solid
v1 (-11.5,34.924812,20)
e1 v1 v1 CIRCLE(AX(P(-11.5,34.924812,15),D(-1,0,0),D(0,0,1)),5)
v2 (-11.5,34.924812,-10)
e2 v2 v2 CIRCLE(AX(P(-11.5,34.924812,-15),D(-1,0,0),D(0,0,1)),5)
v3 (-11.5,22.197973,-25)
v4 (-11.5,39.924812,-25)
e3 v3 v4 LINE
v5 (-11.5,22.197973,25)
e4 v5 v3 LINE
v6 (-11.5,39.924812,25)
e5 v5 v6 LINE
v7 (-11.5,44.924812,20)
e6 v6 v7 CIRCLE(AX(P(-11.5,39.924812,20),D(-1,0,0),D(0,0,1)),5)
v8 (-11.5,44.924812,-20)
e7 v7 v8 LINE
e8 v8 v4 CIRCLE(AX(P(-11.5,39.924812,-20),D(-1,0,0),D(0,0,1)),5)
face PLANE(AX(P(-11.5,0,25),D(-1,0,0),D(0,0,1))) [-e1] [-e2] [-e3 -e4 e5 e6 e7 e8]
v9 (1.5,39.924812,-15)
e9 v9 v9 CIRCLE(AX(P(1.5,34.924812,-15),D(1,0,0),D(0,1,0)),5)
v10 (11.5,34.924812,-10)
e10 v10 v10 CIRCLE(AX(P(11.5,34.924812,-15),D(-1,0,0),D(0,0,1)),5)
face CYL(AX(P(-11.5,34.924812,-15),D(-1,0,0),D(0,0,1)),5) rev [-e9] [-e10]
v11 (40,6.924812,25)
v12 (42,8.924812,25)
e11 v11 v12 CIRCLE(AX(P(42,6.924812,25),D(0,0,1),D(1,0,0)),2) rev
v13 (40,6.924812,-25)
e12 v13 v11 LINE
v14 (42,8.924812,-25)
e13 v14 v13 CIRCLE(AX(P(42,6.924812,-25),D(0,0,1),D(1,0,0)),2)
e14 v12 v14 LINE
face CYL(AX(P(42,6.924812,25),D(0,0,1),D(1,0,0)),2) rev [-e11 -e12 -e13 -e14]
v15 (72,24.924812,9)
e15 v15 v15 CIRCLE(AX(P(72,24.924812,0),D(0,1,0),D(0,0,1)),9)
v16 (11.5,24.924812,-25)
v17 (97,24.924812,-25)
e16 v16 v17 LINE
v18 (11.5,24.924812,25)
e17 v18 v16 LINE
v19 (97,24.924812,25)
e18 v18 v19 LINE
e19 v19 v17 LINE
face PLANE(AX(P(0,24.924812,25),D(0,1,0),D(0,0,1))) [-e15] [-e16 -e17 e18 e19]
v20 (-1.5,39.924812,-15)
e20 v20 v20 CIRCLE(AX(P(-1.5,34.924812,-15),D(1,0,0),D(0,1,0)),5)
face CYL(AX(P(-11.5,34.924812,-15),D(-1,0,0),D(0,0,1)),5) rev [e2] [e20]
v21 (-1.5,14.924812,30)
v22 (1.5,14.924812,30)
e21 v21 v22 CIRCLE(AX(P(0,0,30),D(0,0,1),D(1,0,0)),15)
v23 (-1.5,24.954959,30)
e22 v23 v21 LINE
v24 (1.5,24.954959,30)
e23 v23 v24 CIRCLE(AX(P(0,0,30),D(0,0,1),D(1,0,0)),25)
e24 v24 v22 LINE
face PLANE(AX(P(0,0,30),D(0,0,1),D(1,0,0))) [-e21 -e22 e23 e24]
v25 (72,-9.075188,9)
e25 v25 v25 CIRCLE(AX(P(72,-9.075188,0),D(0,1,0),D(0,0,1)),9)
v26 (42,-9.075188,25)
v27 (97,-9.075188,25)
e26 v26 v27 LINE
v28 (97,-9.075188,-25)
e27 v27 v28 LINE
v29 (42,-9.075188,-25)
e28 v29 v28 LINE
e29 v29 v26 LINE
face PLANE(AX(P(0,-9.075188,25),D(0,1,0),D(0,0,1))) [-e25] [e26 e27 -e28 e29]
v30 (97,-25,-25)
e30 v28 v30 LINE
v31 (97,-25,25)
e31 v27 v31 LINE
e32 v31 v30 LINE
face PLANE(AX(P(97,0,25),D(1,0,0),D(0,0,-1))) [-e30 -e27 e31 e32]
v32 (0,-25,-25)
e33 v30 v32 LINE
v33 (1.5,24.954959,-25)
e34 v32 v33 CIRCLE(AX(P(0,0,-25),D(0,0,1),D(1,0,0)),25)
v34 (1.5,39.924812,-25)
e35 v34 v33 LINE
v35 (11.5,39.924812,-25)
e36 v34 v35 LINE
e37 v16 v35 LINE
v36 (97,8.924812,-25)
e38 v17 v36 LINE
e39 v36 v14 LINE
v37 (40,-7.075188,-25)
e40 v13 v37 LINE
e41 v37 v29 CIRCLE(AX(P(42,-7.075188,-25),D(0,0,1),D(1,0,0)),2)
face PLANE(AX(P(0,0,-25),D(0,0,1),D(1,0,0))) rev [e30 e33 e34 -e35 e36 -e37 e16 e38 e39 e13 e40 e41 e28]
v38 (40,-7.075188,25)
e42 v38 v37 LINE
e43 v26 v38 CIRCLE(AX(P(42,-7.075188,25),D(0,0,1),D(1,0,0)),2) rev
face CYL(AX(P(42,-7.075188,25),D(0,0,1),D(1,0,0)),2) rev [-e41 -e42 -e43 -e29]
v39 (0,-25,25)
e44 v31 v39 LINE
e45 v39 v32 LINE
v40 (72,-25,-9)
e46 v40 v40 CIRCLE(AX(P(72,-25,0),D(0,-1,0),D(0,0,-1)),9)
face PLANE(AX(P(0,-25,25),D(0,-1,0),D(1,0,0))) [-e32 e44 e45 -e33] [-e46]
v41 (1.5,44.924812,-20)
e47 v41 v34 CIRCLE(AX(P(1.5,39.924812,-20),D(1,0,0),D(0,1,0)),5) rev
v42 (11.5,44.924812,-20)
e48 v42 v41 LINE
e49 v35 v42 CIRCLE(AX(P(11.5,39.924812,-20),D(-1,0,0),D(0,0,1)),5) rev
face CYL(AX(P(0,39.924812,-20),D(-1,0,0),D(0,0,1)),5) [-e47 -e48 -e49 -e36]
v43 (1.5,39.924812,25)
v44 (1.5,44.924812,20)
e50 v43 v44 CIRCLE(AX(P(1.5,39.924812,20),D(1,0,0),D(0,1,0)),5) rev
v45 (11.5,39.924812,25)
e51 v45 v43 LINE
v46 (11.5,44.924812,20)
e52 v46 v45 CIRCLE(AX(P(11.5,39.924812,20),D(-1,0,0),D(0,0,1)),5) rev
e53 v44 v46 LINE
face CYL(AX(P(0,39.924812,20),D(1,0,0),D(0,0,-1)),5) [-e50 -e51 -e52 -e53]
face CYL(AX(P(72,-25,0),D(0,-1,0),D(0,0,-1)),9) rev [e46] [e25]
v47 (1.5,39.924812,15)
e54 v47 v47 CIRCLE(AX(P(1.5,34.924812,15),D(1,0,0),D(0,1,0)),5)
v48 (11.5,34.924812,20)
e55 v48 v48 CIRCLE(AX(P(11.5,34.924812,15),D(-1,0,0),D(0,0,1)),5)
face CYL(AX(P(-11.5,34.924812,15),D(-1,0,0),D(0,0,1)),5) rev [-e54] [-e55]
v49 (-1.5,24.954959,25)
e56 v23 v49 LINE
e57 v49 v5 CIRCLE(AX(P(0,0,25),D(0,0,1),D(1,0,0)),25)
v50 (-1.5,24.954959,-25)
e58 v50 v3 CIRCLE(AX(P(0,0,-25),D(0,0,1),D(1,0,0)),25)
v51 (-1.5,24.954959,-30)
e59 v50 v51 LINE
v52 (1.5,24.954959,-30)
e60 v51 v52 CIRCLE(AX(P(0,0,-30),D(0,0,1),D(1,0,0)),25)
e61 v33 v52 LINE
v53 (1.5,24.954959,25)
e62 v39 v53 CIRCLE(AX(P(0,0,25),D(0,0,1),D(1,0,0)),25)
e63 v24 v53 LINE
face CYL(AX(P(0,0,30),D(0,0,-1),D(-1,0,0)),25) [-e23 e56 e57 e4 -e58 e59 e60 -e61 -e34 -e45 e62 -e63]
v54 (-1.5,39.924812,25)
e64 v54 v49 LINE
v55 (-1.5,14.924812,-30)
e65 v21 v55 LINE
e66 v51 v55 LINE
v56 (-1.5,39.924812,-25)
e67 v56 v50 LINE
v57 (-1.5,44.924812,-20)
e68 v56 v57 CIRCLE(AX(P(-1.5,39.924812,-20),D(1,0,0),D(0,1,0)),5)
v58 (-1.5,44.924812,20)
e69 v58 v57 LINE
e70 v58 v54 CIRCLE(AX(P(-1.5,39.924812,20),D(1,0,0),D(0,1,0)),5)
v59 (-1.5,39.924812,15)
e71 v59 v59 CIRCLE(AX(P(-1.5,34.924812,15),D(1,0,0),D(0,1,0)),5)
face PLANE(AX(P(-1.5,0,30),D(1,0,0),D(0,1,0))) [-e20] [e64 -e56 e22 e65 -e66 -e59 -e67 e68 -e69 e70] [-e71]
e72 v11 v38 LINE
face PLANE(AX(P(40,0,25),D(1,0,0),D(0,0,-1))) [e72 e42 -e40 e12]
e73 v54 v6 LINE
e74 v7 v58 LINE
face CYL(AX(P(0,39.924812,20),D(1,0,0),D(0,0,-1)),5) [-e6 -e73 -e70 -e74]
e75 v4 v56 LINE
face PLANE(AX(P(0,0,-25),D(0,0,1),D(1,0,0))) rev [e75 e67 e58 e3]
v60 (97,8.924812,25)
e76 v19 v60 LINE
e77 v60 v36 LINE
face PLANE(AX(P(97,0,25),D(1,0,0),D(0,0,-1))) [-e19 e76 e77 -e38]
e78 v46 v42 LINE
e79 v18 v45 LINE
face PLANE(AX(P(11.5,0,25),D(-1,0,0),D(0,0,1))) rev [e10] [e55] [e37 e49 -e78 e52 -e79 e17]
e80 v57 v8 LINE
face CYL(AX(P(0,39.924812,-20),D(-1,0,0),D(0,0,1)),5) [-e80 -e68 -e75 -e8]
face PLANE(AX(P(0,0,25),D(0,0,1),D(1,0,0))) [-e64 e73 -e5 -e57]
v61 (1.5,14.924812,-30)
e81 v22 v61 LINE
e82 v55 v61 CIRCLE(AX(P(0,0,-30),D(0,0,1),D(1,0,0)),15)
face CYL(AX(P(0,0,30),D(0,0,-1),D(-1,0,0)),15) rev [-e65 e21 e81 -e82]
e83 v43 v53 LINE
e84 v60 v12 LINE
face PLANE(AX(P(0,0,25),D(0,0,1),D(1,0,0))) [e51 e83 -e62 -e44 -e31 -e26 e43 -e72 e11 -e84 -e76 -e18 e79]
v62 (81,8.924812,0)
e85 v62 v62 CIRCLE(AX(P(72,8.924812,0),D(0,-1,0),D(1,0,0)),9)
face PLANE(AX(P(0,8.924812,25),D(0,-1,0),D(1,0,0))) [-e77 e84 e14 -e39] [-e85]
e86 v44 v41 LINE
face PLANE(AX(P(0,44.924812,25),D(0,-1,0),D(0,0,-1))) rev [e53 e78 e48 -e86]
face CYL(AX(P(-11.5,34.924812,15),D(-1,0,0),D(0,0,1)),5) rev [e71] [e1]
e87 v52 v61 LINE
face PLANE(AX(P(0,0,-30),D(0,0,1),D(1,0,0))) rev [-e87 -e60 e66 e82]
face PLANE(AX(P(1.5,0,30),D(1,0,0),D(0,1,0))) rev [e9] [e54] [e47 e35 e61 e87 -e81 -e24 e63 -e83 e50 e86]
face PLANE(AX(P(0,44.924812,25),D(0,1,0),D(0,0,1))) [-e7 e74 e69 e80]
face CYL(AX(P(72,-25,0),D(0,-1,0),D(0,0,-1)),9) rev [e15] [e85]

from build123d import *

# Parameters (mm, degrees)
ESTRUSIONE_ESTRUSIONE3_DEPTH = 30
ESTRUSIONE_ESTRUSIONE4_DEPTH = 25
FORO_18_0_18_1_D             = 18
FORO_10_0_10_1_D             = 10
RACCORDO1_R                  = 5
RACCORDO2_R                  = 2


with BuildPart() as part:
    # Schizzo1 → Estrusione-Estrusione3 (new, symmetric)
    with BuildSketch(Plane.XY):
        with BuildLine():
            ThreePointArc((-1.5, 24.954959427), (-6.644564975, 24.100824805), (-11.5, 22.19797288))
            ThreePointArc((-11.5, 22.19797288), (-24.289394002, -5.918220932), (0, -25))
            ThreePointArc((0, -25), (17.67766953, -17.67766953), (25, 0))
            ThreePointArc((25, 0), (21.360009363, 12.990381057), (11.5, 22.19797288))
            ThreePointArc((11.5, 22.19797288), (6.644564975, 24.100824805), (1.5, 24.954959427))
            Line((1.5, 24.954959427), (1.5, 14.924811557))
            ThreePointArc((1.5, 14.924811557), (11.124297731, 10.062305899), (15, 0))
            ThreePointArc((15, 0), (-10.062305899, -11.124297731), (-1.5, 14.924811557))
            Line((-1.5, 14.924811557), (-1.5, 24.954959427))
        make_face()
    extrude(amount=ESTRUSIONE_ESTRUSIONE3_DEPTH, both=True)

    # Schizzo1<3> → Estrusione-Estrusione4 (add, symmetric)
    with BuildSketch(Plane.XY):
        with BuildLine():
            Line((-11.5, 44.924811557), (-11.5, 22.19797288))
            ThreePointArc((-11.5, 22.19797288), (-6.644564975, 24.100824805), (-1.5, 24.954959427))
            Line((-1.5, 24.954959427), (-1.5, 44.924811557))
            Line((-1.5, 44.924811557), (-11.5, 44.924811557))
        make_face()
        with BuildLine():
            Line((0, -25), (97, -25))
            Line((97, -25), (97, -9.075188443))
            Line((97, -9.075188443), (40, -9.075188443))
            Line((40, -9.075188443), (40, 8.924811557))
            Line((40, 8.924811557), (97, 8.924811557))
            Line((97, 8.924811557), (97, 24.924811557))
            Line((97, 24.924811557), (11.5, 24.924811557))
            Line((11.5, 24.924811557), (11.5, 44.924811557))
            Line((11.5, 44.924811557), (1.5, 44.924811557))
            Line((1.5, 44.924811557), (1.5, 24.954959427))
            ThreePointArc((1.5, 24.954959427), (24.98873732, -0.750338033), (0, -25))
        make_face()
    extrude(amount=ESTRUSIONE_ESTRUSIONE4_DEPTH, both=True)

    # Foro Ø18.0 (18)-1 (through all)
    with Locations(Plane(origin=(0, -25, 0), x_dir=(-1, 0, 0), z_dir=(0, -1, 0))):
        with Locations((-72, 0)):
            Hole(FORO_18_0_18_1_D / 2)

    # Foro Ø10.0 (10)-1 (through all)
    with Locations(Plane.ZY.offset(11.5)):
        with Locations((15, 34.924811557), (-15, 34.924811557)):
            Hole(FORO_10_0_10_1_D / 2)

    # Raccordo1
    raccordo1_edges = [part.edges().sort_by_distance(p)[0] for p in [
        (-6.5, 44.924811557, 25),
        (6.5, 44.924811557, 25),
        (-6.5, 44.924811557, -25),
        (6.5, 44.924811557, -25),
    ]]
    fillet(raccordo1_edges, radius=RACCORDO1_R)

    # Raccordo2
    raccordo2_edges = [part.edges().sort_by_distance(p)[0] for p in [
        (40, -9.075188443, 0),
        (40, 8.924811557, 0),
    ]]
    fillet(raccordo2_edges, radius=RACCORDO2_R)


solid = part.part
